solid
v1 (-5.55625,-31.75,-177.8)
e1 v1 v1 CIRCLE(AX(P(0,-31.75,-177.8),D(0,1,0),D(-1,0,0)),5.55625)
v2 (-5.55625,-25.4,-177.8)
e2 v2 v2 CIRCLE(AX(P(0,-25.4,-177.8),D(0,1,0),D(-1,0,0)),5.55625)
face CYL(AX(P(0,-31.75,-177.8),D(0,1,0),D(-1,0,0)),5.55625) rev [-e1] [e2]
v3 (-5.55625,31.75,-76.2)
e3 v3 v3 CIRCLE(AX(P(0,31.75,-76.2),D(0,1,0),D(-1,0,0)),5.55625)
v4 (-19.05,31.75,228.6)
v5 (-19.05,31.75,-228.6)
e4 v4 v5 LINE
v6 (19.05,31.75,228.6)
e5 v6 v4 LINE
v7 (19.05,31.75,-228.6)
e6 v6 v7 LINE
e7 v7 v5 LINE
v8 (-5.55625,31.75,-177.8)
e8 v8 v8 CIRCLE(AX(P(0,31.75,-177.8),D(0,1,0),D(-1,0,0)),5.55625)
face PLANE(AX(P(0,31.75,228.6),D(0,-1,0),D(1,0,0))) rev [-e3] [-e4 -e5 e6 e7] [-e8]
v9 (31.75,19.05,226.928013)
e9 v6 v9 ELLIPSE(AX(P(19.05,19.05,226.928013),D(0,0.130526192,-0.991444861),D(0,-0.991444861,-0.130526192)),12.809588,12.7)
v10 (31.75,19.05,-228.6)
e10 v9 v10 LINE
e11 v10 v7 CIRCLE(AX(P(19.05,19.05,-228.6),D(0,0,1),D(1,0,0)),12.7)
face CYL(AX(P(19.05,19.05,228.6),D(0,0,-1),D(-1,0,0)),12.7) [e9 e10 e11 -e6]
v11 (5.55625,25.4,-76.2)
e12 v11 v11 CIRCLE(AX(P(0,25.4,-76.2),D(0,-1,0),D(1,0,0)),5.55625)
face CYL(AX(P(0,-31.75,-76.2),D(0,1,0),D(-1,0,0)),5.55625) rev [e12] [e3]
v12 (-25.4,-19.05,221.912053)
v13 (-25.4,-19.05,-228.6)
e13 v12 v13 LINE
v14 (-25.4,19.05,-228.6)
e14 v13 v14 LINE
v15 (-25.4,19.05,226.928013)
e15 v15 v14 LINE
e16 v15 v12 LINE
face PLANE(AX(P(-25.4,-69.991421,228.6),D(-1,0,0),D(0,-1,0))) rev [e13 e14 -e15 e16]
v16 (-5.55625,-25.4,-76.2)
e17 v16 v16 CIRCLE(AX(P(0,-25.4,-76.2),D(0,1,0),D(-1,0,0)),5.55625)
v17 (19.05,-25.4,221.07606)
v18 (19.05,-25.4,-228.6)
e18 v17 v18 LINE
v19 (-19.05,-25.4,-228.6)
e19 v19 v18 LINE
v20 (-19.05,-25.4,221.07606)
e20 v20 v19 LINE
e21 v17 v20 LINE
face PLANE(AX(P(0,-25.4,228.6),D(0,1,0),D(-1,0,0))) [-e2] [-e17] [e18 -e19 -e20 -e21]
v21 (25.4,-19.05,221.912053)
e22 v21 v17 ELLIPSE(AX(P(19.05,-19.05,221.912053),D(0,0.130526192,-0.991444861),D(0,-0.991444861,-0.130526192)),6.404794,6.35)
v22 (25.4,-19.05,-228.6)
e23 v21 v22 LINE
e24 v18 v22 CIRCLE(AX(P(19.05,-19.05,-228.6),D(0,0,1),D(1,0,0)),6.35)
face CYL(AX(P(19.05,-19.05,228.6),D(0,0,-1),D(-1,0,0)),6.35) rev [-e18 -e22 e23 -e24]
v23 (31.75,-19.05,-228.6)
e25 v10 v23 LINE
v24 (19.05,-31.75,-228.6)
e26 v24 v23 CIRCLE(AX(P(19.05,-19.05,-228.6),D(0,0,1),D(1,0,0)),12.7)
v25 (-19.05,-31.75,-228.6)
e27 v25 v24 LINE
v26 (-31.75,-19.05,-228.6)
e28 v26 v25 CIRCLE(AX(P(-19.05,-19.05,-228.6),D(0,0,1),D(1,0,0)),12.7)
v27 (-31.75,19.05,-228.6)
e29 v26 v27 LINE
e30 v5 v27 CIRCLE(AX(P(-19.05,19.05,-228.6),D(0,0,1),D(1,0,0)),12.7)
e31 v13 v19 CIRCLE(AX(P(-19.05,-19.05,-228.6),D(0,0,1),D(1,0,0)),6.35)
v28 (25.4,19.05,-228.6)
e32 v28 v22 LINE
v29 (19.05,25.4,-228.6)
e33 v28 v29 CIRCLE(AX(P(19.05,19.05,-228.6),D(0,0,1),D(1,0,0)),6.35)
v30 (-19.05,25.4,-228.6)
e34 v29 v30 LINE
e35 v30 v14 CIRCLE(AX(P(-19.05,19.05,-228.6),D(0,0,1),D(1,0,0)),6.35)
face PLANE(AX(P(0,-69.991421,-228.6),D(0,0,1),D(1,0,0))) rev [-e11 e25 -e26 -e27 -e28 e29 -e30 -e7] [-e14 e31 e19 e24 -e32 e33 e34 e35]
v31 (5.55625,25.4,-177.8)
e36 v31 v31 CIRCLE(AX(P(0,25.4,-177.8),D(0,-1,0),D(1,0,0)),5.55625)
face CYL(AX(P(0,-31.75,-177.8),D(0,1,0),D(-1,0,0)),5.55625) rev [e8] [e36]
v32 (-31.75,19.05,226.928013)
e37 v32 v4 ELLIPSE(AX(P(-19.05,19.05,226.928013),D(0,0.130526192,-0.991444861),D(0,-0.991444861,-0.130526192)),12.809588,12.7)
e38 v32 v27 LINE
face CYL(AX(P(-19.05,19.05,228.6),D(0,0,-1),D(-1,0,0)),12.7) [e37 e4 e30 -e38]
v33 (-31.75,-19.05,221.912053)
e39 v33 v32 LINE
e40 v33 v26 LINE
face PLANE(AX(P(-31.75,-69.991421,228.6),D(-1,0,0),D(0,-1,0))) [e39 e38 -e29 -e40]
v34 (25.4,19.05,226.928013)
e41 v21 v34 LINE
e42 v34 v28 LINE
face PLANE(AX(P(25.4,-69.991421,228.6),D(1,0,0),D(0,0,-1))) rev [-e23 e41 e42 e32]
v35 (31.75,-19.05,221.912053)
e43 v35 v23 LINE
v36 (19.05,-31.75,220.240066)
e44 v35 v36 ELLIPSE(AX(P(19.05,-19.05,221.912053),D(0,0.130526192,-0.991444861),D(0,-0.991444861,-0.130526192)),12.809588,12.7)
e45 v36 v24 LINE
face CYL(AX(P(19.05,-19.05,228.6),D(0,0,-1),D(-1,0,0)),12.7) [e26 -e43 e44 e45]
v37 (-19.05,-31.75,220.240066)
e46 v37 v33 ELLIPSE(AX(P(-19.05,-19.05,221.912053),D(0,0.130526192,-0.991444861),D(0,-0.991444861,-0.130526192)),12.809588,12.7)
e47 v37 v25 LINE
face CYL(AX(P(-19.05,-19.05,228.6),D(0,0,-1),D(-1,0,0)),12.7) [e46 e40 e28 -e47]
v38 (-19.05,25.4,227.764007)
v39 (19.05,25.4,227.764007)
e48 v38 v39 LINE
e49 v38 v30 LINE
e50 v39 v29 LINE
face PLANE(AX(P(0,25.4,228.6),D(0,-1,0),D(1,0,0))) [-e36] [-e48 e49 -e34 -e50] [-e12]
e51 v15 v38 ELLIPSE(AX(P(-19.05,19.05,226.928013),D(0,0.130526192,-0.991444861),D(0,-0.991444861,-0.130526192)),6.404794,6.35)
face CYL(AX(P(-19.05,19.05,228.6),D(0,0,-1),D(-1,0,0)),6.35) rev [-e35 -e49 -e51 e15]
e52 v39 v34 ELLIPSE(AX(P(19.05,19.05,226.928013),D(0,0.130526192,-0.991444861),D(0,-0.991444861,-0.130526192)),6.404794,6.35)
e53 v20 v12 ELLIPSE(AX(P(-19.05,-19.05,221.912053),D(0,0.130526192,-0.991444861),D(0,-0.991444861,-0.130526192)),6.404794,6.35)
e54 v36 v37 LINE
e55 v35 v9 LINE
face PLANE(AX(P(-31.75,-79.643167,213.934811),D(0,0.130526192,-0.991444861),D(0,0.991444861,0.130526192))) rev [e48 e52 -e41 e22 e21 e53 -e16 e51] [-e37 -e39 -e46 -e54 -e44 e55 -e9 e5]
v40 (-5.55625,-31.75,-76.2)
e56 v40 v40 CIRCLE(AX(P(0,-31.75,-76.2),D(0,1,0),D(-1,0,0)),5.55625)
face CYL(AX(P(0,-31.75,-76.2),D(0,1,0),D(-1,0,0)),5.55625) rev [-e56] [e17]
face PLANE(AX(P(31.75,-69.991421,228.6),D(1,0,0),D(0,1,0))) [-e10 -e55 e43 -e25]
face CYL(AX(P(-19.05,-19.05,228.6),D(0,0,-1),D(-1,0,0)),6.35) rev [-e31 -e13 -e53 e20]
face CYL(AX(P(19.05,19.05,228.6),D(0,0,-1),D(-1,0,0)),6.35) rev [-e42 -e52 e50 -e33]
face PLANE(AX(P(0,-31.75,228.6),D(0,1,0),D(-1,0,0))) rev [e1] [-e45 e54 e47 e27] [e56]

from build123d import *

# Parameters (mm, degrees)
BOSS_EXTRUDE1_DEPTH = 228.6
SKETCH3_R           = 5.55625
CUT_EXTRUDE1_DEPTH  = 64.5
CUT_EXTRUDE2_DEPTH  = 64.5


with BuildPart() as part:
    # Sketch1 → Boss-Extrude1 (new body, symmetric)
    with BuildSketch(Plane.XY):
        with BuildLine():
            Line((19.05, 31.75), (-19.05, 31.75))
            ThreePointArc((-19.05, 31.75), (-28.030256121, 28.030256121), (-31.75, 19.05))
            Line((-31.75, 19.05), (-31.75, -19.05))
            ThreePointArc((-31.75, -19.05), (-28.030256121, -28.030256121), (-19.05, -31.75))
            Line((-19.05, -31.75), (19.05, -31.75))
            ThreePointArc((19.05, -31.75), (28.030256121, -28.030256121), (31.75, -19.05))
            Line((31.75, -19.05), (31.75, 19.05))
            ThreePointArc((31.75, 19.05), (28.030256121, 28.030256121), (19.05, 31.75))
        make_face()
        with BuildLine():
            ThreePointArc((-25.4, -19.05), (-23.540128061, -23.540128061), (-19.05, -25.4))
            Line((-19.05, -25.4), (19.05, -25.4))
            ThreePointArc((19.05, -25.4), (23.540128061, -23.540128061), (25.4, -19.05))
            Line((25.4, -19.05), (25.4, 19.05))
            ThreePointArc((25.4, 19.05), (23.540128061, 23.540128061), (19.05, 25.4))
            Line((19.05, 25.4), (-19.05, 25.4))
            ThreePointArc((-19.05, 25.4), (-23.540128061, 23.540128061), (-25.4, 19.05))
            Line((-25.4, 19.05), (-25.4, -19.05))
        make_face(mode=Mode.SUBTRACT)
    extrude(amount=BOSS_EXTRUDE1_DEPTH, both=True)

    # Sketch3 → Cut-Extrude1 (cut, through all)
    with BuildSketch(Plane(origin=(0, 31.75, 0), x_dir=(1, 0, 0), z_dir=(0, 1, 0))):
        with Locations((0, 177.8)):
            Circle(SKETCH3_R)
        with Locations((0, 76.2)):
            Circle(SKETCH3_R)
    extrude(amount=-CUT_EXTRUDE1_DEPTH, mode=Mode.SUBTRACT)

    # Sketch4 → Cut-Extrude2 (cut, through all)
    with BuildSketch(Plane(origin=(31.75, 0, 0), x_dir=(0, 0, -1), z_dir=(1, 0, 0))):
        Polygon((-221.912053123, -19.05), (-228.6, -19.05), (-228.6, -114.266943845), (-209.376504653, -114.266943845), align=None)
        Polygon((-226.928013281, 19.05), (-228.6, 19.05), (-228.6, -19.05), (-221.912053123, -19.05), align=None)
        Polygon((-226.928013281, 19.05), (-228.6, 31.75), (-228.6, 19.05), align=None)
    extrude(amount=-CUT_EXTRUDE2_DEPTH, mode=Mode.SUBTRACT)


solid = part.part
